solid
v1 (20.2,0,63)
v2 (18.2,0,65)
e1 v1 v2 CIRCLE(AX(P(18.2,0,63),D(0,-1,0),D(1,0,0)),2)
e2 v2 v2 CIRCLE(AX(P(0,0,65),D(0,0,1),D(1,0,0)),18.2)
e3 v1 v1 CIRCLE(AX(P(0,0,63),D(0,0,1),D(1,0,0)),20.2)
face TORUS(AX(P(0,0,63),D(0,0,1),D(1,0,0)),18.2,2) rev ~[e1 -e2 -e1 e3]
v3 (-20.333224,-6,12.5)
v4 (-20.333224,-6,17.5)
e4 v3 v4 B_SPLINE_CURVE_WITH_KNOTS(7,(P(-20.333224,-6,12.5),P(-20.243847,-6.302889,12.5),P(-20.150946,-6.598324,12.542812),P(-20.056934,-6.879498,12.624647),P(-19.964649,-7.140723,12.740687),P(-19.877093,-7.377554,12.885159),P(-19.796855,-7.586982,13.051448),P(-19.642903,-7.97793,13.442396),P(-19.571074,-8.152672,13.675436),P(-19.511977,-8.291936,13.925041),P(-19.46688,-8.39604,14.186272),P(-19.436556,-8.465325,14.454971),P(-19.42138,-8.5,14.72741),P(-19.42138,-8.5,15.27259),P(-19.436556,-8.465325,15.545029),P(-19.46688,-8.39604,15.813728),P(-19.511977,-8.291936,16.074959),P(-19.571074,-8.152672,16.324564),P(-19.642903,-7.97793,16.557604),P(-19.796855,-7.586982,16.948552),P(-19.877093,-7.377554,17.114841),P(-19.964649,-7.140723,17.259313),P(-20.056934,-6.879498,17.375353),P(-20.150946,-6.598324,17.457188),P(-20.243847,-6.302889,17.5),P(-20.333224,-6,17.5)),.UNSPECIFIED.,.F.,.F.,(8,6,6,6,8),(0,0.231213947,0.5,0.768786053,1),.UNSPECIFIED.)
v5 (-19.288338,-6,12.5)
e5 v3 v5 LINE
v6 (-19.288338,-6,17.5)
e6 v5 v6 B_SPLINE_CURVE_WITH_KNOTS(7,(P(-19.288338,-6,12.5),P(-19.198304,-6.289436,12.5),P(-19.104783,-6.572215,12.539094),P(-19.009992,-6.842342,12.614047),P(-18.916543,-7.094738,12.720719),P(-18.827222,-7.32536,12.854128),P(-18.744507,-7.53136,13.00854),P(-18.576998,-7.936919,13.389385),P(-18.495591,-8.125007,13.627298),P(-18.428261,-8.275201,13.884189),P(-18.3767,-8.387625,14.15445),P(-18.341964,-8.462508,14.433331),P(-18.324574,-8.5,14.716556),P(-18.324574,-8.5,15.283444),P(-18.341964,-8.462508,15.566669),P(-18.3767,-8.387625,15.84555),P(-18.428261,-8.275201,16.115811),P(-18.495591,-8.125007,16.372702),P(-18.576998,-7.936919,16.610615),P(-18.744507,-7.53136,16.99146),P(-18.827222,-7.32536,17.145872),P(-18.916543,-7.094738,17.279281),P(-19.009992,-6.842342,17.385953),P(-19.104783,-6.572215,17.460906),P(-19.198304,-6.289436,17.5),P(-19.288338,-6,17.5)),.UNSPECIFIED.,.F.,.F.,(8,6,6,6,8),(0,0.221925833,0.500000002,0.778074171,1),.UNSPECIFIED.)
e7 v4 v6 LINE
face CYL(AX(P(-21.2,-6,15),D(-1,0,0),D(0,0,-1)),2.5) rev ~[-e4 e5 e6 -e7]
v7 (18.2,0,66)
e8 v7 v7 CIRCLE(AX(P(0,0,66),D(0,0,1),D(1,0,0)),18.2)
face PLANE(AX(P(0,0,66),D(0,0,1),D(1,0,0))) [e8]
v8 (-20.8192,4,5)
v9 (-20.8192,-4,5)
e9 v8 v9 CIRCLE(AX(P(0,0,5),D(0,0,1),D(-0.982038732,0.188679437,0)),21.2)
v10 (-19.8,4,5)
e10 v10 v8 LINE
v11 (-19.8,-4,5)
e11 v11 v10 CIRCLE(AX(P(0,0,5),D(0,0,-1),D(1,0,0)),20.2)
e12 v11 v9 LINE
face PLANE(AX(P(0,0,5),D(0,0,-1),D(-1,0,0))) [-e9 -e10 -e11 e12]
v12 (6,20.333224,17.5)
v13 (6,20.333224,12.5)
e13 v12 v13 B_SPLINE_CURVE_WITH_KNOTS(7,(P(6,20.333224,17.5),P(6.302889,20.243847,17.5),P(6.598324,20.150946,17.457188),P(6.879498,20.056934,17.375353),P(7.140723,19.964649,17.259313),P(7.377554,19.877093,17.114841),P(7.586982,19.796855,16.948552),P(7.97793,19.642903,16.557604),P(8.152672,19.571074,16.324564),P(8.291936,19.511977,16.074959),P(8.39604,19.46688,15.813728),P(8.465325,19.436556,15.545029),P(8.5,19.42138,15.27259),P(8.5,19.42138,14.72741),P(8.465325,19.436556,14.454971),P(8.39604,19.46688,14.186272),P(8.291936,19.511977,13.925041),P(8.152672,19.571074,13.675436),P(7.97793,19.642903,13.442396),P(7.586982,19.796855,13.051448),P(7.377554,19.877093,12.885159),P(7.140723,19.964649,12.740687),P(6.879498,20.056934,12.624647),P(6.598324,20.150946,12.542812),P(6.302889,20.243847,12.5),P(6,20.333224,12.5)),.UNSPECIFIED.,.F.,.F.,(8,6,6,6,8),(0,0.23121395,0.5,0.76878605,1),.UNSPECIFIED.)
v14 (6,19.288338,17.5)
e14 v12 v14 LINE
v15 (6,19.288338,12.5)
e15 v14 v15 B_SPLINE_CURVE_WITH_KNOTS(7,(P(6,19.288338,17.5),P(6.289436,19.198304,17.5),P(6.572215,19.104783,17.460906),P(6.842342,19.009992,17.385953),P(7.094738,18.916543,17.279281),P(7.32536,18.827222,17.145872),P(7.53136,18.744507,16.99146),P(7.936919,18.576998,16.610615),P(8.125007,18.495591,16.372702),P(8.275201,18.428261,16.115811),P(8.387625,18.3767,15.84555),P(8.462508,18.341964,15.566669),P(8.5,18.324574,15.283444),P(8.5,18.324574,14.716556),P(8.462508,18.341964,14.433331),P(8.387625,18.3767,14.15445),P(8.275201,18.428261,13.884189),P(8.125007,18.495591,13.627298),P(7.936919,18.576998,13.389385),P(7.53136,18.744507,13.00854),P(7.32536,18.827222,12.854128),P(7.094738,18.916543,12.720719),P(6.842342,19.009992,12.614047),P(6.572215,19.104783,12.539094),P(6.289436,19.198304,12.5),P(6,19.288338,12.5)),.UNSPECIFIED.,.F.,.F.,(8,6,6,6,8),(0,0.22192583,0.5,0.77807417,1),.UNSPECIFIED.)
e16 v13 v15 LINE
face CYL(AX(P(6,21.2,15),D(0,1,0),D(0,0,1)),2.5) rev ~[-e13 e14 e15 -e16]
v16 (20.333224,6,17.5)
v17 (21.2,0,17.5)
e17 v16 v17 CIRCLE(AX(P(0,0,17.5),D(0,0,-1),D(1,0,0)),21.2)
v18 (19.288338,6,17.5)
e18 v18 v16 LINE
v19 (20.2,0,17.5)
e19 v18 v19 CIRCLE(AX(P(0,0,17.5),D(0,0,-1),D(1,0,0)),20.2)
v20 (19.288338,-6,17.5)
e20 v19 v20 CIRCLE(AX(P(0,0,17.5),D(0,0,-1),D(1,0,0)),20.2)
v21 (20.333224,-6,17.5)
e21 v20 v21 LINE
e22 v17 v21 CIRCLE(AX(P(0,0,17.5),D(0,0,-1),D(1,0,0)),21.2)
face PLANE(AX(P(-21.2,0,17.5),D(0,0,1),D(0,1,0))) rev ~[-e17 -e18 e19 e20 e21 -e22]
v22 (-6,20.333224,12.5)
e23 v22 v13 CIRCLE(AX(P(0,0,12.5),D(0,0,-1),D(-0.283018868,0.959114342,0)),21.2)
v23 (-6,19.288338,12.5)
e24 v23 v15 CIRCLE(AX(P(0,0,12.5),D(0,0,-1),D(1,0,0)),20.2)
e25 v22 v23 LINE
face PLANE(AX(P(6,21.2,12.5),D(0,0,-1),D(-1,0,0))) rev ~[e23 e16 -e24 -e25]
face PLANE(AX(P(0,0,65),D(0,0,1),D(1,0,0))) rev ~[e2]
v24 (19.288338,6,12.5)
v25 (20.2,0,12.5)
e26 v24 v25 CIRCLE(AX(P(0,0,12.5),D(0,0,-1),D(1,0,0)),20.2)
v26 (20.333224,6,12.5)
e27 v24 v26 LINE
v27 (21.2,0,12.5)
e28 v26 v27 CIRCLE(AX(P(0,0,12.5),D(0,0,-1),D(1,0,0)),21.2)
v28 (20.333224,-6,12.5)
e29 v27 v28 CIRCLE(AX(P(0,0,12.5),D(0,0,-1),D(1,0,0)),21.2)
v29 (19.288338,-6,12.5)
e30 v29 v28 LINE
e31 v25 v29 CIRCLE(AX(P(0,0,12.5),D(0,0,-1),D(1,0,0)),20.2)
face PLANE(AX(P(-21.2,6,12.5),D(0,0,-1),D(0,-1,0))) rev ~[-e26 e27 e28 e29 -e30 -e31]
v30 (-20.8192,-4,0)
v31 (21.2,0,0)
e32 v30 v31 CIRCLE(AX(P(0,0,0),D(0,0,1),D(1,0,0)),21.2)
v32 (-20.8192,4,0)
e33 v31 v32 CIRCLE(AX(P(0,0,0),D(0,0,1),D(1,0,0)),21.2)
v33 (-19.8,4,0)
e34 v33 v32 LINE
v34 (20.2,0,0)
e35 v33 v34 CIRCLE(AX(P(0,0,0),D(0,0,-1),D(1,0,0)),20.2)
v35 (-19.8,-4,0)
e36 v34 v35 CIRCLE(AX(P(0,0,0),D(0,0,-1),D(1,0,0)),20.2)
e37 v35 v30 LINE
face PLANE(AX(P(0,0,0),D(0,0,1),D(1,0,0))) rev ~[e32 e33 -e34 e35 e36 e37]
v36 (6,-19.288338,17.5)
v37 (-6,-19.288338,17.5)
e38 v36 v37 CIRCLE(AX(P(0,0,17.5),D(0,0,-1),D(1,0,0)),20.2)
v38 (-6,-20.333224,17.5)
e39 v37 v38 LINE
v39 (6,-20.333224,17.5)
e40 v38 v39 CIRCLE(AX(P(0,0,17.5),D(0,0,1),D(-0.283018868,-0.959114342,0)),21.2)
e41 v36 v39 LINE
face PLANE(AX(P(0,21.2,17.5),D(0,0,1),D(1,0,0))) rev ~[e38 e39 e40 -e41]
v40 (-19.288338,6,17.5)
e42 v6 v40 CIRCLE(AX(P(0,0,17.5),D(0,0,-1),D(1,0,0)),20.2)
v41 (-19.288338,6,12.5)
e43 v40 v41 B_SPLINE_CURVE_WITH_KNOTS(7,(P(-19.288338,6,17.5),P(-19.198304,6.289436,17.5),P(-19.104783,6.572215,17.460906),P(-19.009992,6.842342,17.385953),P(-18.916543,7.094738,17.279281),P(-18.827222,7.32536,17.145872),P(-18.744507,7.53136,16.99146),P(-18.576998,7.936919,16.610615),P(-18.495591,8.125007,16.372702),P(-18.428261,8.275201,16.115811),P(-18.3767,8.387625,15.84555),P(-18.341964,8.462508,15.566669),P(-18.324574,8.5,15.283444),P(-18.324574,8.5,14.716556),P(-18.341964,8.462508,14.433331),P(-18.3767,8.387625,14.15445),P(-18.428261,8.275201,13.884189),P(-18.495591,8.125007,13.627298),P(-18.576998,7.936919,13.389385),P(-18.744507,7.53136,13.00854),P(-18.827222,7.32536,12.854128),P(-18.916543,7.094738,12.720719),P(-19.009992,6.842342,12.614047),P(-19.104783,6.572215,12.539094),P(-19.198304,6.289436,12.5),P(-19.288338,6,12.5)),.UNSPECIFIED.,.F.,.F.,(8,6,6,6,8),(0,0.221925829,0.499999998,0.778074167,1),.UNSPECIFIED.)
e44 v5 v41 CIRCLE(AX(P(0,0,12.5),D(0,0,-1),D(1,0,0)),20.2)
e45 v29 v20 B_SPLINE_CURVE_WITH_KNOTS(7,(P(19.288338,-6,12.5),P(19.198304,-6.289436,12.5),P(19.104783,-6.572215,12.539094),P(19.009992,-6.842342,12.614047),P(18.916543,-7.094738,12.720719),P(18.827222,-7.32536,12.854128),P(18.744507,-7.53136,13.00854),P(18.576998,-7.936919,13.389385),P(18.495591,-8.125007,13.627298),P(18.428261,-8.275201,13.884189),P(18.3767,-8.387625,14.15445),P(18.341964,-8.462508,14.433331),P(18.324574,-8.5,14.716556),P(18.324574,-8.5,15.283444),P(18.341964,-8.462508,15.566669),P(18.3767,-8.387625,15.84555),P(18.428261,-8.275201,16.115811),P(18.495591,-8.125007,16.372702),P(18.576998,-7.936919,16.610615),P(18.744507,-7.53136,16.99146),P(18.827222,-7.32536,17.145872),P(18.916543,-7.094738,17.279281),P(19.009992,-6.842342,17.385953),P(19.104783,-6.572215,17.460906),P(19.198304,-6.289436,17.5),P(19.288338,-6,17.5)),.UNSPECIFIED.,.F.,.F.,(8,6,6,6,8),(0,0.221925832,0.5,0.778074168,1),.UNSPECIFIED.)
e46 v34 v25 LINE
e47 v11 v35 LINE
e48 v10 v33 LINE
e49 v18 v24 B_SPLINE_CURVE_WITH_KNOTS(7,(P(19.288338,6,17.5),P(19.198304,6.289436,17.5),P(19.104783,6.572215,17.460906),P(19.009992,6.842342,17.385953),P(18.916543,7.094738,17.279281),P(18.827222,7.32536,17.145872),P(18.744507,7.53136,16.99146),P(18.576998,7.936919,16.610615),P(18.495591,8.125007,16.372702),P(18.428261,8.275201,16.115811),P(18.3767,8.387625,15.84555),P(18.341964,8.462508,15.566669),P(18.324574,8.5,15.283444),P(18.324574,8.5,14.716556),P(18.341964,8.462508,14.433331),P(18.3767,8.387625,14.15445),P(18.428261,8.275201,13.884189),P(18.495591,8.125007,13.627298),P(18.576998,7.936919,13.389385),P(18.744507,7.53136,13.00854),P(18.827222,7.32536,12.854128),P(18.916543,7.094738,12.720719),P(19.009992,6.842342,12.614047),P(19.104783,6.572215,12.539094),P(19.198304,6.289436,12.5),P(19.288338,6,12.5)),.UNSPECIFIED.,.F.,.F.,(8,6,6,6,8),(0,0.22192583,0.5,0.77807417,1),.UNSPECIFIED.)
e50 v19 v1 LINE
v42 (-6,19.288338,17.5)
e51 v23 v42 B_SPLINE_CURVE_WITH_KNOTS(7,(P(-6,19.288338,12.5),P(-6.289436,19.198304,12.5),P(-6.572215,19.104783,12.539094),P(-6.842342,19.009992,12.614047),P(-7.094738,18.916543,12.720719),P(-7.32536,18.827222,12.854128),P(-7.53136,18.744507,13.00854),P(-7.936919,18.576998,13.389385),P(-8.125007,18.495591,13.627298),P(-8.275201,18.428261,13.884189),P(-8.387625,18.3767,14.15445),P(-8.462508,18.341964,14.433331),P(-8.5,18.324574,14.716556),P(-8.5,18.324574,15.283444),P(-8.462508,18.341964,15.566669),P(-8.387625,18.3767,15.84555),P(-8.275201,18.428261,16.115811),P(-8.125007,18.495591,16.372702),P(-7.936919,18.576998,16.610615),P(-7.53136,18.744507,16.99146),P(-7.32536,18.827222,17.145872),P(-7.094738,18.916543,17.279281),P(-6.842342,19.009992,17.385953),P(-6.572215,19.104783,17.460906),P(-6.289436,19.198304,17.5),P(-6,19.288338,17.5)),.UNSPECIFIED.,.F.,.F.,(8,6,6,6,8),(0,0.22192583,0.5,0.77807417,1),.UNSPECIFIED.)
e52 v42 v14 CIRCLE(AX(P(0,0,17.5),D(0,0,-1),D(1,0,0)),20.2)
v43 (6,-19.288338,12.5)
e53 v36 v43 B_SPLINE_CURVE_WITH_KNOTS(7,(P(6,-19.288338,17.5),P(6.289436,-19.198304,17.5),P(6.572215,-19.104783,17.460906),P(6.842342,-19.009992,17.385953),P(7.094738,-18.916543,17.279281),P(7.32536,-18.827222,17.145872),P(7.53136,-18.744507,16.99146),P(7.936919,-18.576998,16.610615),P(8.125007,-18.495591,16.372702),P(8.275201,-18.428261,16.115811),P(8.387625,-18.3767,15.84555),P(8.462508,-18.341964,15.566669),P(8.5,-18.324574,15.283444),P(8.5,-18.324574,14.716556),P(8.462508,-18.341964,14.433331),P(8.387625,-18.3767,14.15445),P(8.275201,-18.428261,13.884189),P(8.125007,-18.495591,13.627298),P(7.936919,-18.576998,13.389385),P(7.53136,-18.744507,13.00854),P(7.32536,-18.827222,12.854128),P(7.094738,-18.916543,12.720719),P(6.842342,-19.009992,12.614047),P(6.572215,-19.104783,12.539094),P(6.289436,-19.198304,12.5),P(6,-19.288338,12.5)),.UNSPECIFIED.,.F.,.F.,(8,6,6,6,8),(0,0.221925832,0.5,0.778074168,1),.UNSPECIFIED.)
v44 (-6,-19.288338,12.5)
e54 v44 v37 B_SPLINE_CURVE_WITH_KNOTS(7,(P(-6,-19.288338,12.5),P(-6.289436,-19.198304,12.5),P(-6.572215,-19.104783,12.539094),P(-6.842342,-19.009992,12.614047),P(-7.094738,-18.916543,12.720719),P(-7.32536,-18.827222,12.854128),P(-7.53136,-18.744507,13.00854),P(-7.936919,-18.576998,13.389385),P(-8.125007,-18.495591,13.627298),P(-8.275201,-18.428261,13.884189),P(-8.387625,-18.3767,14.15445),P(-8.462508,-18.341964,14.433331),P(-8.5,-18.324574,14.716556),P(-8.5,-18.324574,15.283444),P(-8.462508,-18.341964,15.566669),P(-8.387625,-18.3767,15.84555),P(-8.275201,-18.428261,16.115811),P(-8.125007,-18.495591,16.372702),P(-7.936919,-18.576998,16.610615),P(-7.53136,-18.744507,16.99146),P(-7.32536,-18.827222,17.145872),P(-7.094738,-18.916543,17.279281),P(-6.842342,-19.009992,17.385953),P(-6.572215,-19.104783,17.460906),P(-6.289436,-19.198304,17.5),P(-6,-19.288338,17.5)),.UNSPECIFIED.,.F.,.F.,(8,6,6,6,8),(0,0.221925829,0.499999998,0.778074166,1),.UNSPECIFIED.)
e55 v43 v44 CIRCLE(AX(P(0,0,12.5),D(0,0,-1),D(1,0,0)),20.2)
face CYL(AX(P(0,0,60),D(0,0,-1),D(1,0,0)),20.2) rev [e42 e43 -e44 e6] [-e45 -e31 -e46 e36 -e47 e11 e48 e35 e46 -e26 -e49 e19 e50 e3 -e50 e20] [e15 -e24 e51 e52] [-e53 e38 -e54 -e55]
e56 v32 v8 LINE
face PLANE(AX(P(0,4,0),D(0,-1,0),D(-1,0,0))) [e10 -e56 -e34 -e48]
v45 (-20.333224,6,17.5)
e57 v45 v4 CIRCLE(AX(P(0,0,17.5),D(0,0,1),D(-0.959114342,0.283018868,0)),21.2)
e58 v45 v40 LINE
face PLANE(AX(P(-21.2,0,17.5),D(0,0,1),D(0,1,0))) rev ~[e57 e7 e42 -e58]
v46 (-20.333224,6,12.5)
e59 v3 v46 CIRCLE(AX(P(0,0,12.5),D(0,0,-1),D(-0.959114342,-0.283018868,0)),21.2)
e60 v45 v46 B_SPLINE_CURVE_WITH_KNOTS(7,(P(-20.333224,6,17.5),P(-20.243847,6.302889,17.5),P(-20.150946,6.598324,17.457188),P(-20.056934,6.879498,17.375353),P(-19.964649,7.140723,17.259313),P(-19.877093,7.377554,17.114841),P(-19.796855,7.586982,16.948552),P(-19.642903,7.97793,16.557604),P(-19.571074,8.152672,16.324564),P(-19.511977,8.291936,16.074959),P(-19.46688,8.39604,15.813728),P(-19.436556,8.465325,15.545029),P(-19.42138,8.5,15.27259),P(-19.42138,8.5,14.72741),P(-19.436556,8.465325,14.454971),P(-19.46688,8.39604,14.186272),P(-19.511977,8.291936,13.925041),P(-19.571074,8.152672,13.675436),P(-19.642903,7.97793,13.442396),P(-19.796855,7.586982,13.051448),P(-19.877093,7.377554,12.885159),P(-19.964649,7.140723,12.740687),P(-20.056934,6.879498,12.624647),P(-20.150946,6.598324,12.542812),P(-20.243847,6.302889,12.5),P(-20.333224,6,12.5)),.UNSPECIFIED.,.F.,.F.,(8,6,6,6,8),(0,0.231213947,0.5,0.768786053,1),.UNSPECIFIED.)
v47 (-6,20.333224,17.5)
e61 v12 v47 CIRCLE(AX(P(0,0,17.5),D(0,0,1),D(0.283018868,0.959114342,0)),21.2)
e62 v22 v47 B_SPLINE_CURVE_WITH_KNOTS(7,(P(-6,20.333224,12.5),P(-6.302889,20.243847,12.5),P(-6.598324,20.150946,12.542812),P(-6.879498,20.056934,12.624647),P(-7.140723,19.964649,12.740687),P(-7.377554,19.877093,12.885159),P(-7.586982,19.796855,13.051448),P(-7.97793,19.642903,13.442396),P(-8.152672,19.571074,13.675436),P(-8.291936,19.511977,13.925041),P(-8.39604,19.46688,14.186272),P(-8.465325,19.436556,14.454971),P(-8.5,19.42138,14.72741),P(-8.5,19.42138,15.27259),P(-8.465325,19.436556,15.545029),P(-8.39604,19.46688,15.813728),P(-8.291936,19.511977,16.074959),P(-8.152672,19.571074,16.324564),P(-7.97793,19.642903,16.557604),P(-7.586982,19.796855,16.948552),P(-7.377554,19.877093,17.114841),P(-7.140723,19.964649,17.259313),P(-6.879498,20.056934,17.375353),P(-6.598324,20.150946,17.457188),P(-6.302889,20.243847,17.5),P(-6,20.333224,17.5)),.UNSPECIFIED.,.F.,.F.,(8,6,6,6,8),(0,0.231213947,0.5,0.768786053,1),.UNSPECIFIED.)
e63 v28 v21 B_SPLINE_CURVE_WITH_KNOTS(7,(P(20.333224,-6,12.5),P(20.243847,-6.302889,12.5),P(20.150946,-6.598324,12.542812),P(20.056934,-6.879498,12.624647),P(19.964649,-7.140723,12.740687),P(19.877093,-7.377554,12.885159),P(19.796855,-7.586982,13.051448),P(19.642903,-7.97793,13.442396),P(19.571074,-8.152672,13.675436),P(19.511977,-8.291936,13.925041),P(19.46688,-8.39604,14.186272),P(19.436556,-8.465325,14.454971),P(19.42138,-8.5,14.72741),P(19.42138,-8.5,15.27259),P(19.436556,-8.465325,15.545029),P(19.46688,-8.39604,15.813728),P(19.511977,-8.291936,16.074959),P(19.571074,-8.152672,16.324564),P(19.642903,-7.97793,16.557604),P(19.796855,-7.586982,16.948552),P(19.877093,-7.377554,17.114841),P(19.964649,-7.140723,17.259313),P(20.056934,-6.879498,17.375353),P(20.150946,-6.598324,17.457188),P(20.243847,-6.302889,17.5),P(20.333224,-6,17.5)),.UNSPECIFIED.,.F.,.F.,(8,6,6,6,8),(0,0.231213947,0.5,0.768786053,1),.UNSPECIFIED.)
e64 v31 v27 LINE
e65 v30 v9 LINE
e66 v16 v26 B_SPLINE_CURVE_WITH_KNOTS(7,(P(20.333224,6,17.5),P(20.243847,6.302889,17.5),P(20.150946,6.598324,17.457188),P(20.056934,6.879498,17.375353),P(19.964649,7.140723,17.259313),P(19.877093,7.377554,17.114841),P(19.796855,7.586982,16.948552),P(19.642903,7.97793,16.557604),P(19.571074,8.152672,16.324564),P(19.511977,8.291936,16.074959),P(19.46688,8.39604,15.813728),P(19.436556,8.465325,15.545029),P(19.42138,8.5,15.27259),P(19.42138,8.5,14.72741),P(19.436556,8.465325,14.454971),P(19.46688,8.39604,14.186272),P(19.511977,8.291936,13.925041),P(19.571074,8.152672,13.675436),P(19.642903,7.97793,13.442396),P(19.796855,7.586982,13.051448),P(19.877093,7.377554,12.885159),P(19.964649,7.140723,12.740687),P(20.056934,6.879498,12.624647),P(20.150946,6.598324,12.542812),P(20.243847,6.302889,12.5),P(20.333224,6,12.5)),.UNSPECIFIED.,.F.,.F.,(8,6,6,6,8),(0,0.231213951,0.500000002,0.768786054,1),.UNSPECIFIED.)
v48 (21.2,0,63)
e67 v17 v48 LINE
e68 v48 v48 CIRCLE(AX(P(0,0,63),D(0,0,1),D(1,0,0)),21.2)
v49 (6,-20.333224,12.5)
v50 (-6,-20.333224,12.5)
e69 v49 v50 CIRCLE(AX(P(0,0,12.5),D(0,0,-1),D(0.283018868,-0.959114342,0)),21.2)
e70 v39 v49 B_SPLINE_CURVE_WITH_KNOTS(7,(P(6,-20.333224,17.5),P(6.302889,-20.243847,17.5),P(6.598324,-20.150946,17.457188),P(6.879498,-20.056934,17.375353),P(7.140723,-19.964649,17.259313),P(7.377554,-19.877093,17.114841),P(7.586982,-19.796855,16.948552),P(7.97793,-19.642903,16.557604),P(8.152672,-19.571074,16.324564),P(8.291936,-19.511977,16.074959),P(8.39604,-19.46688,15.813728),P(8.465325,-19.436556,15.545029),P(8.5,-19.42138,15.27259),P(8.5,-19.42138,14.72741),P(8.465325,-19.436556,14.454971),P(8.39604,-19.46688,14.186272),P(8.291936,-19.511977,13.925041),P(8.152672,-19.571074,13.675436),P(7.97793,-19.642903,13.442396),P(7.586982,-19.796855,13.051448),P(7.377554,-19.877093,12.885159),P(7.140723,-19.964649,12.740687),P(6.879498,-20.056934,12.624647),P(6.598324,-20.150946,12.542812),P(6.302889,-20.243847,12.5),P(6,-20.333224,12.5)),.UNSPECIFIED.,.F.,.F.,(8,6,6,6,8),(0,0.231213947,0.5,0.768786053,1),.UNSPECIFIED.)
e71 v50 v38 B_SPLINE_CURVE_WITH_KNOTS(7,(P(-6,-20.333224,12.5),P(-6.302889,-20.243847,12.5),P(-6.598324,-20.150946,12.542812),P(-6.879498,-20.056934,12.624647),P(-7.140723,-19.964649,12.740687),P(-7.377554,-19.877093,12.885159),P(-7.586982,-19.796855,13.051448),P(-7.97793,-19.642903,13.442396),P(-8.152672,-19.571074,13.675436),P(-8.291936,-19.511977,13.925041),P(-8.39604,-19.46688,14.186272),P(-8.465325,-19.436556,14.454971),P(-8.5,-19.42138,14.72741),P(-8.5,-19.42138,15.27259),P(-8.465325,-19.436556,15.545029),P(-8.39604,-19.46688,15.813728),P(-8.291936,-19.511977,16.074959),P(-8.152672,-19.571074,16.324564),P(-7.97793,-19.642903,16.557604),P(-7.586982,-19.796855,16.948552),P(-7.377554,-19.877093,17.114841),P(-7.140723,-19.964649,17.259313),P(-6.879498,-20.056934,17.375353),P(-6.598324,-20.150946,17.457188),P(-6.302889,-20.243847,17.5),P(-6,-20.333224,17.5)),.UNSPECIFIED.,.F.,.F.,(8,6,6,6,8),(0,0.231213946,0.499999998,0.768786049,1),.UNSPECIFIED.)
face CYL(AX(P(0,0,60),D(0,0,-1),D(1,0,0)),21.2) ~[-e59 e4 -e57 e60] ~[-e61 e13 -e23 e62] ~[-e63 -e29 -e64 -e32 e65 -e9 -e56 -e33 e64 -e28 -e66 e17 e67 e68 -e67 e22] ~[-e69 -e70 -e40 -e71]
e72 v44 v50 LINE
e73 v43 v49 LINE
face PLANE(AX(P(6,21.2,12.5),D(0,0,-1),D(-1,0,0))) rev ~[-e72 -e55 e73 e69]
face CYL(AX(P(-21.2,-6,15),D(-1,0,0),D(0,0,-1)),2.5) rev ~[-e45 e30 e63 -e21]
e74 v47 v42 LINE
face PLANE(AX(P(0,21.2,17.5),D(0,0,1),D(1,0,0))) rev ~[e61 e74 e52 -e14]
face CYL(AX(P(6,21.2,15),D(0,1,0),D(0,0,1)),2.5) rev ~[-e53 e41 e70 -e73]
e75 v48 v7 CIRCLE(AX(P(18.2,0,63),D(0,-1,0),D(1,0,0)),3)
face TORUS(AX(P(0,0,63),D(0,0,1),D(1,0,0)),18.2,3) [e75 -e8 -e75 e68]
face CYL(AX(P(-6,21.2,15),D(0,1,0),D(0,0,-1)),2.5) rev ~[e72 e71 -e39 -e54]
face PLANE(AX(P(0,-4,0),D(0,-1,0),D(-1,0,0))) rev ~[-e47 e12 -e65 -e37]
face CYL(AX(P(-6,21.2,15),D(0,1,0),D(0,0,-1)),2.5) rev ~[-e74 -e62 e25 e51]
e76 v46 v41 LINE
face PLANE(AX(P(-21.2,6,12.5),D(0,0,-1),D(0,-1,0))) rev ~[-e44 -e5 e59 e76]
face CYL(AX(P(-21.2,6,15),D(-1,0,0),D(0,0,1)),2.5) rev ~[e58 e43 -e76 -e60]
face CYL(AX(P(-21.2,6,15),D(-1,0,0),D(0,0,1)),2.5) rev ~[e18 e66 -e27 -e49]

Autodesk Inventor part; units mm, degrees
ref_plane "YZ Plane" through (0, 0, 0) normal (1, 0, 0) x (0, 1, 0)
ref_plane "XZ Plane" through (0, 0, 0) normal (0, 1, 0) x (-1, 0, 0)
sketch "스케치1" plane through (0, 0, 0) normal (0, 0, 1) x (1, 0, 0)
  circle A0 centre (0, 0) radius 21.2
  dimension "d0" = 42.4
extrude "돌출1" add sketch "스케치1" along normal blind 30
sketch "스케치2" plane through (0, 0, 30) normal (0, 0, 1) x (1, 0, 0)
  circle A0 centre (0, 0) radius 21.2
  dimension "d3" = 42.4
extrude "돌출2" add sketch "스케치2" along normal blind 30
sketch "스케치3" plane through (0, 0, 60) normal (0, 0, 1) x (1, 0, 0)
  circle A0 centre (0, 0) radius 21.2
  dimension "d6" = 42.4
extrude "돌출3" add sketch "스케치3" along normal blind 6
fillet "모깎기1" radius 3 1 edges at (-21.2, 0, 66)
shell "쉘1" thickness 1 removed faces 1 at (2.7392, 4.6861, 0)
ref_plane "작업 평면1" through (0, 21.2, 0) normal (0, 1, 0) x (-1, 0, 0)
sketch "스케치12" plane through (0, 21.2, 0) normal (0, 1, 0) x (-1, 0, 0)
  line L0 (0, 0) -> (0, 60)
  line L1 (0, 60) -> (0, 30)
  line L2 (0, 30) -> (0, 15)
  line L3 (-6, 15) -> (6, 15) construction
  line L4 (-6, 12.5) -> (6, 12.5)
  line L5 (6, 17.5) -> (-6, 17.5)
  arc A0 (-6, 17.5) -> (-6, 12.5) centre (-6, 15) ccw
  arc A1 (6, 12.5) -> (6, 17.5) centre (6, 15) ccw
  dimension "d47" = 60
  dimension "d48" = 30
  dimension "d49" = 15
  dimension "d50" = 6
  dimension "d51" = 5
extrude "돌출12" cut sketch "스케치12" against normal through all
pattern_circular "원형 패턴2" count 4 over 360 about axis through (0, 0, 0) along (0, 0, 1) of "돌출12"
sketch "스케치13" plane through (0, 0, 0) normal (0, 0, -1) x (-1, 0, 0)
  line L0 (0, 0) -> (0, -4)
  line L1 (0, -4) -> (0, 4)
  line L2 (0, 4) -> (20.8192, 4)
  circle A0 centre (0, 0) radius 21.2 projected
  line L3 (0, -4) -> (20.8192, -4)
  dimension "d61" = 4
  dimension "d62" = 8
extrude "돌출13" cut sketch "스케치13" against normal blind 5 contours L1 L2 A0 L3 L0 picked at (6.9397, -2.6667)
properties part number "motor"
